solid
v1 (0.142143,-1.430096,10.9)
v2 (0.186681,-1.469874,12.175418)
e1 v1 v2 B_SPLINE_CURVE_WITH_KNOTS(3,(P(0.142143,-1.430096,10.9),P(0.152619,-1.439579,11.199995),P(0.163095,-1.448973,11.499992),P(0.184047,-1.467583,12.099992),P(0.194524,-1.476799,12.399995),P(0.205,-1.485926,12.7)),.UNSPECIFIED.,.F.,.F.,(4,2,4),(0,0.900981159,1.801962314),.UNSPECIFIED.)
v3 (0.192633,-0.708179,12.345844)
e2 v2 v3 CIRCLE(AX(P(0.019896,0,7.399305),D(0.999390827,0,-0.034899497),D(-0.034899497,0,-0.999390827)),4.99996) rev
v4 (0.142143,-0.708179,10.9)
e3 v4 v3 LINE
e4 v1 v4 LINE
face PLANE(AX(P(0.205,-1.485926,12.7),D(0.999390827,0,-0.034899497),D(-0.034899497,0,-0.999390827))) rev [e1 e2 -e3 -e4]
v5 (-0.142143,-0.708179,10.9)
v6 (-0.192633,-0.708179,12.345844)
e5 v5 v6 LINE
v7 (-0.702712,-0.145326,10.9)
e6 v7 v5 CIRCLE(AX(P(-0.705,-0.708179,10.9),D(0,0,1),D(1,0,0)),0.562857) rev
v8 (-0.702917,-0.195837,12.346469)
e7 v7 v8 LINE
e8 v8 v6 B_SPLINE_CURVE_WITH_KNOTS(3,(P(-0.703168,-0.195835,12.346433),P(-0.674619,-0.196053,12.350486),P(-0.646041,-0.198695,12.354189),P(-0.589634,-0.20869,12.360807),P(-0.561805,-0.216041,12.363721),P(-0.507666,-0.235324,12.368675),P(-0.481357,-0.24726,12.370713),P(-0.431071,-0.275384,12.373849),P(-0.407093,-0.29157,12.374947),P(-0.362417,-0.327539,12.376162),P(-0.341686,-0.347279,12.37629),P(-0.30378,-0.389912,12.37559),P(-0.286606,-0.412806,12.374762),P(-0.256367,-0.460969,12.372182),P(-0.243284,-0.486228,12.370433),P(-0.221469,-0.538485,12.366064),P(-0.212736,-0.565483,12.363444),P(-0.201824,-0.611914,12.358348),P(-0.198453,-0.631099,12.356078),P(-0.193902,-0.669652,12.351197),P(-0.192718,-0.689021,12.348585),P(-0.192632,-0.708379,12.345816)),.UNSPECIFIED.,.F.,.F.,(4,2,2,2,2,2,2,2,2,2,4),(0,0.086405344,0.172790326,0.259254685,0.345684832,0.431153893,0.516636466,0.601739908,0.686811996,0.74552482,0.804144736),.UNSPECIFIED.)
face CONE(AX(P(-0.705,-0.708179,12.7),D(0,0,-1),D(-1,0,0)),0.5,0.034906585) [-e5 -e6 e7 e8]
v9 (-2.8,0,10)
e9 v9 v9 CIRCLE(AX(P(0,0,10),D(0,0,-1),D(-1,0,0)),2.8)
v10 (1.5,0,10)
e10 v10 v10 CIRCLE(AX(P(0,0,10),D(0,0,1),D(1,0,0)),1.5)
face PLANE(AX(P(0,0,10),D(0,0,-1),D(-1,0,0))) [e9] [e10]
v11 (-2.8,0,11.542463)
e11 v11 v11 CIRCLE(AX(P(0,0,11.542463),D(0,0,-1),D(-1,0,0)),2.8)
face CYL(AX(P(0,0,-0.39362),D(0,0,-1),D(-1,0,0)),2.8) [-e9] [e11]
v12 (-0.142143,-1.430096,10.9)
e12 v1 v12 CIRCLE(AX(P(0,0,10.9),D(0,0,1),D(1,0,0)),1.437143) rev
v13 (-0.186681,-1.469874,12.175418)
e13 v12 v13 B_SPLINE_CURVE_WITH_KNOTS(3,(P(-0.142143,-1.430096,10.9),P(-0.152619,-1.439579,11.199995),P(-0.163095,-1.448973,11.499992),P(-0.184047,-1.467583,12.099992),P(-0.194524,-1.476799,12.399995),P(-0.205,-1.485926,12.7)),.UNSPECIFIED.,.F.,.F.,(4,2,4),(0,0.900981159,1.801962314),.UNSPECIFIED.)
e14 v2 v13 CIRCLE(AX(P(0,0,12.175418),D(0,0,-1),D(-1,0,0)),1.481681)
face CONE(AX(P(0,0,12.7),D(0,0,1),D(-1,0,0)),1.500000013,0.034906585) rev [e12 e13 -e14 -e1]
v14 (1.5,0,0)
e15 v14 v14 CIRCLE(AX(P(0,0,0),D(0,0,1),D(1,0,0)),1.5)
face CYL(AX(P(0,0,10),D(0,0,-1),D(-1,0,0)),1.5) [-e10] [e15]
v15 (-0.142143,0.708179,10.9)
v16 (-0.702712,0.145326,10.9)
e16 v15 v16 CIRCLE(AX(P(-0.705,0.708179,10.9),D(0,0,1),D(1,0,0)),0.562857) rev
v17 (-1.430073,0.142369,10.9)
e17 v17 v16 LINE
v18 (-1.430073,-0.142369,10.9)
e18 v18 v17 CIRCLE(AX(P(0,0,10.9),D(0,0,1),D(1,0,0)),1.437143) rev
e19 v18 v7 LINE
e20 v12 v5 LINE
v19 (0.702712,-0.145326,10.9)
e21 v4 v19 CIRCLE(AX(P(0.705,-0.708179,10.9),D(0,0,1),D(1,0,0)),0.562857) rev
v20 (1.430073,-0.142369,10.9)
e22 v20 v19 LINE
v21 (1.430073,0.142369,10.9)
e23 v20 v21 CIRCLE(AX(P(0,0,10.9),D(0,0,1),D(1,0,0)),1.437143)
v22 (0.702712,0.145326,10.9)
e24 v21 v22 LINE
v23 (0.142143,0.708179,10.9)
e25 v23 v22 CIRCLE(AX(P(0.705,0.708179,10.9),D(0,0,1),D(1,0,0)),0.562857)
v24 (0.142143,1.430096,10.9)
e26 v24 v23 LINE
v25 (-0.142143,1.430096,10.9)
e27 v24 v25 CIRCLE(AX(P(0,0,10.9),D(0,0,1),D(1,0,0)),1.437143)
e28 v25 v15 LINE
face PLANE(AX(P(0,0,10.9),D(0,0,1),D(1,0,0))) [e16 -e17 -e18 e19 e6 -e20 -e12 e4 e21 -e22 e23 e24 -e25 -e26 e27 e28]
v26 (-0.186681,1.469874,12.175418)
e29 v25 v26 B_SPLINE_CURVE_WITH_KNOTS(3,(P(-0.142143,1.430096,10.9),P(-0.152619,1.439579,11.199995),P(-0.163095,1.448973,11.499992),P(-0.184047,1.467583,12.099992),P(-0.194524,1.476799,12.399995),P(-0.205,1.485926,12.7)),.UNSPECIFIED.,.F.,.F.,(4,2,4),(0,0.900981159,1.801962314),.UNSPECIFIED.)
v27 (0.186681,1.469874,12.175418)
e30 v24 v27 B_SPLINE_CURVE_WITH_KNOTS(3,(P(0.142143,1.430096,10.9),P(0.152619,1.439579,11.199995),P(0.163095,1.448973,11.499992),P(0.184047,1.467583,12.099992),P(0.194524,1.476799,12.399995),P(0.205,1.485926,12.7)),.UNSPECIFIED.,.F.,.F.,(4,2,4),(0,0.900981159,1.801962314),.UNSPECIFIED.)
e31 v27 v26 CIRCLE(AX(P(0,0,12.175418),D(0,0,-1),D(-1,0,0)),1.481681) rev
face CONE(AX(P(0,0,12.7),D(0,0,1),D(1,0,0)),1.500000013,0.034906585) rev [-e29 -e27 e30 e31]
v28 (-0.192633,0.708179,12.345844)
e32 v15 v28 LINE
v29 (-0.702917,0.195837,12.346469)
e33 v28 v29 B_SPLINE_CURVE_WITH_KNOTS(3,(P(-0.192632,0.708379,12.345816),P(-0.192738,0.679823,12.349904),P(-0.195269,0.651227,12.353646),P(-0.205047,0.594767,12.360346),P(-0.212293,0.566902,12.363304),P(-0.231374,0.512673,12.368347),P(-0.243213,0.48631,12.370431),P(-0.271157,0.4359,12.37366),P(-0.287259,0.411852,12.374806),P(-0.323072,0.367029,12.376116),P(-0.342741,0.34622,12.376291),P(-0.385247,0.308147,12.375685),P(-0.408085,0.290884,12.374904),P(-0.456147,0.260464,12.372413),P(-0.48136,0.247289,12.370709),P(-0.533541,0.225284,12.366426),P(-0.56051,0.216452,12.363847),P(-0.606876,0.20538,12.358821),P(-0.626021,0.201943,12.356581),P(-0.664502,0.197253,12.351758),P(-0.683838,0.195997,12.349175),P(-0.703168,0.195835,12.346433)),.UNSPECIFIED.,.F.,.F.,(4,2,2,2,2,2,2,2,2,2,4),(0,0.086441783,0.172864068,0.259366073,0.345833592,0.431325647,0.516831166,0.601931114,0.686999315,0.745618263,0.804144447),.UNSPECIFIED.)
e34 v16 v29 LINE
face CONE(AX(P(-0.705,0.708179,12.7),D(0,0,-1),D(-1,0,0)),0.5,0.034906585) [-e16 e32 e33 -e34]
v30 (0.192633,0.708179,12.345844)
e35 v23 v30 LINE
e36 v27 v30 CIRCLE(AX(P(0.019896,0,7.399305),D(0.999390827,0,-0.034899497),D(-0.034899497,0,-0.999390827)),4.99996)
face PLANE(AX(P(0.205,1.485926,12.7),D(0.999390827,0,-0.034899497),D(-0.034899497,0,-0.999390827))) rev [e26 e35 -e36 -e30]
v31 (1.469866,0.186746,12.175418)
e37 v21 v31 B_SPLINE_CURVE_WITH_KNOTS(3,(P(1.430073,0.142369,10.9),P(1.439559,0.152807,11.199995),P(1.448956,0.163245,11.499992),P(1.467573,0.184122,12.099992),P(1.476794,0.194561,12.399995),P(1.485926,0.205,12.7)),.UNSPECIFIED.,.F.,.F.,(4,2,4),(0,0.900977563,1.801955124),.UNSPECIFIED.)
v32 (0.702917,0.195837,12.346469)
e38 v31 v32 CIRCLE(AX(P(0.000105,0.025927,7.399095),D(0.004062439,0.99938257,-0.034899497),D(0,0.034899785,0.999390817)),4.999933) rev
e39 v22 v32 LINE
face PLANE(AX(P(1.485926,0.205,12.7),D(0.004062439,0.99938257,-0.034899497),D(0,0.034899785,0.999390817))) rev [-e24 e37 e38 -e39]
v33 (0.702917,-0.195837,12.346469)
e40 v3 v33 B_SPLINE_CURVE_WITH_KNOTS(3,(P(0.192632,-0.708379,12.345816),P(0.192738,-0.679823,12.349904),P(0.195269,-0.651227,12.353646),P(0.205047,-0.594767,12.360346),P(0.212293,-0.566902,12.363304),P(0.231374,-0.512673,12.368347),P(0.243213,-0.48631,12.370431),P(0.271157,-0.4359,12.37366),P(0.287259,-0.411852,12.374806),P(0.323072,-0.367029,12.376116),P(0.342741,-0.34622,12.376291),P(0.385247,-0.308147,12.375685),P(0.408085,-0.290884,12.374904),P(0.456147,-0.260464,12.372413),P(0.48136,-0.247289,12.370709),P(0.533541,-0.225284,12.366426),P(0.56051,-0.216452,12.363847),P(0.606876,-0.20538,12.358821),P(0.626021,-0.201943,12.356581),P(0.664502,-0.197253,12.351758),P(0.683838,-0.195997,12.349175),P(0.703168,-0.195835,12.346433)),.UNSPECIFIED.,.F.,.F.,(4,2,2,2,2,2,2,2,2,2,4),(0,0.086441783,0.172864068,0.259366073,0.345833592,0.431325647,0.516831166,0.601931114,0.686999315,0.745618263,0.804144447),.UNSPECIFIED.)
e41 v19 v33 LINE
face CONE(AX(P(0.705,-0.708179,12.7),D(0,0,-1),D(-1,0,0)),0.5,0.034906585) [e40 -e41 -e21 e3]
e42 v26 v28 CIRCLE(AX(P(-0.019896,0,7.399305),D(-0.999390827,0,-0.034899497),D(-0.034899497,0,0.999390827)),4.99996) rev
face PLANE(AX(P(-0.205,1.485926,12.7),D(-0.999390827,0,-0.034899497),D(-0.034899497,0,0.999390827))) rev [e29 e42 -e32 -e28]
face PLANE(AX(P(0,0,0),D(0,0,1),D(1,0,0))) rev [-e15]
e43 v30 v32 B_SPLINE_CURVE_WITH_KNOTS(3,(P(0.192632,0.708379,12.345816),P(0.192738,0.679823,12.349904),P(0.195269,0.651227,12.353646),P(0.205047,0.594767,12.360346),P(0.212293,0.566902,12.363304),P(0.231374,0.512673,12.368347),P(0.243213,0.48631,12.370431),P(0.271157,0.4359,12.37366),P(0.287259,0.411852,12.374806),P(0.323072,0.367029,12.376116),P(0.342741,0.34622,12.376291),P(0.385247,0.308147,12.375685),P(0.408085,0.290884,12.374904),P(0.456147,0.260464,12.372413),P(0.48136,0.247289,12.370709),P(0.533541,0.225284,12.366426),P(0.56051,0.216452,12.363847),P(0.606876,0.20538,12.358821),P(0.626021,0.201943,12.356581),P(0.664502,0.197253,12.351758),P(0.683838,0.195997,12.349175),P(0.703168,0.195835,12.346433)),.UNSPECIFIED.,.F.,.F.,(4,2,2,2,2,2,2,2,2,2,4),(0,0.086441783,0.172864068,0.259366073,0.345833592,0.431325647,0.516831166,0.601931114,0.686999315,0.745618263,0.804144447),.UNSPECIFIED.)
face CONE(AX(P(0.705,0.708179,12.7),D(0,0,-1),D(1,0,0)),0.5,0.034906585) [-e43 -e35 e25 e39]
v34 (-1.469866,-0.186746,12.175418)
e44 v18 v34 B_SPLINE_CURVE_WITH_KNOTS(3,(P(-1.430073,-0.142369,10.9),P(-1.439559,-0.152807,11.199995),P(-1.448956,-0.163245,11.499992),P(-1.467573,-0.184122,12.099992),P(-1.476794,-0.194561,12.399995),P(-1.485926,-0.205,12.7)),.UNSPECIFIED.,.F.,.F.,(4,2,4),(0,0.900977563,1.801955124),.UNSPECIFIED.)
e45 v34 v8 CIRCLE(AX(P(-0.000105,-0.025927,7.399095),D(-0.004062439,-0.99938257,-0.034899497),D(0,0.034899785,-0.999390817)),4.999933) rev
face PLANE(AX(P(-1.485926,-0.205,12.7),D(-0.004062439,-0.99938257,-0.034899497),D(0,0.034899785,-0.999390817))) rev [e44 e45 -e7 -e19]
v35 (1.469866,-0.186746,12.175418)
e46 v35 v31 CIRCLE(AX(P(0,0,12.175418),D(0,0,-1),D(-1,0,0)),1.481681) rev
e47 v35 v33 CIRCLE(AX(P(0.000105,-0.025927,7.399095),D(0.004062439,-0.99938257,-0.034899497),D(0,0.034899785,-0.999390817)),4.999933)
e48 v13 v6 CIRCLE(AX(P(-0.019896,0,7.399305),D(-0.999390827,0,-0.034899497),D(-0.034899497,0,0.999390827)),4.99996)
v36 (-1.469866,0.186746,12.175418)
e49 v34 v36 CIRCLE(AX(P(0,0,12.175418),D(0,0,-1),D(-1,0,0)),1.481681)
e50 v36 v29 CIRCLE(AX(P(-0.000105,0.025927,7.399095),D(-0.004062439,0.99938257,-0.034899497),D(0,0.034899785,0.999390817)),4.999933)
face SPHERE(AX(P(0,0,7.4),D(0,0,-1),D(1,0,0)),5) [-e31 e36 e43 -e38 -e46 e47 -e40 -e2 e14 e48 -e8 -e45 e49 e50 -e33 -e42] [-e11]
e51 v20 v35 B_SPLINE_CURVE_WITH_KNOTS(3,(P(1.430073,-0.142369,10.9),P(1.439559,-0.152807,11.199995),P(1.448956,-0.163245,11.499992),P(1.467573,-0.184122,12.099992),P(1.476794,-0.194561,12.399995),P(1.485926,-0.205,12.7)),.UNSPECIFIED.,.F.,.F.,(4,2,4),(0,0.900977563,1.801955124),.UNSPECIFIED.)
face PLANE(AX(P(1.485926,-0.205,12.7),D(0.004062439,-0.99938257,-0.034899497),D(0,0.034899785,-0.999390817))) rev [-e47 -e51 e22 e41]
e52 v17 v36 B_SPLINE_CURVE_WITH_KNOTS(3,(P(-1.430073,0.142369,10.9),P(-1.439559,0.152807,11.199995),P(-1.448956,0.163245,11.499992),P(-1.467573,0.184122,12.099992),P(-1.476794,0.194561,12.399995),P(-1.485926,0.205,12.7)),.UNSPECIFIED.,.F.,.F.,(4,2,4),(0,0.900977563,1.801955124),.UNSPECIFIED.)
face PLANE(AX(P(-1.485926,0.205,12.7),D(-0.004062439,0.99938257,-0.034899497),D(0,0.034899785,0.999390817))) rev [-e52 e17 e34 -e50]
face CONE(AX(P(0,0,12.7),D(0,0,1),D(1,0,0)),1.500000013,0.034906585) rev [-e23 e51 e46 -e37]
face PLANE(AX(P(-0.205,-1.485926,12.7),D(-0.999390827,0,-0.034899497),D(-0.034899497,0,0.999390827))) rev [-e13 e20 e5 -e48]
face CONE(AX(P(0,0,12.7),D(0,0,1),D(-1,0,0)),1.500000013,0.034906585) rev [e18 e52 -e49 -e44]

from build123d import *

# Parameters (mm, degrees)
SKETCH1_R          = 1.5
BASE_EXTRUDE_DEPTH = 10
CUT_EXTRUDE1_DEPTH = 1.799999969
CUT_EXTRUDE1_TAPER = 2


with BuildPart() as part:
    # Sketch1 → Base-Extrude (new body)
    with BuildSketch(Plane.XY):
        Circle(SKETCH1_R)
    extrude(amount=BASE_EXTRUDE_DEPTH)

    # Sketch6 → Boss-Revolve2 (revolve)
    with BuildSketch(Plane(origin=(0, 0, 0), x_dir=(1, 0, 0), z_dir=(0, 1, 0))):
        with BuildLine():
            Line((0, -10), (2.7999999, -10))
            Line((2.7999999, -10), (2.7999999, -11.54246308))
            ThreePointArc((2.7999999, -11.54246308), (1.46418655, -12.180811406), (0, -12.4))
            Line((0, -12.4), (0, -10))
        make_face()
    revolve(axis=Axis((0, 0, -0.393620135), (0, 0, 1)))

    # Sketch7 → Cut-Extrude1 (cut)
    with BuildSketch(Plane(origin=(0, 0, 12.7000001), x_dir=(-1, 0, 0), z_dir=(0, 0, -1))):
        with BuildLine():
            ThreePointArc((0.205000004, 1.48592565), (0, 1.500000013), (-0.205000004, 1.48592565))
            Line((-0.205000004, 1.48592565), (-0.205000004, 0.708178558))
            ThreePointArc((-0.205000004, 0.708178558), (-0.35072876, 0.355344481), (-0.702967546, 0.208182689))
            Line((-0.702967546, 0.208182689), (-1.48592565, 0.205000004))
            ThreePointArc((-1.48592565, 0.205000004), (-1.500000013, 0), (-1.48592565, -0.205000004))
            Line((-1.48592565, -0.205000004), (-0.702967546, -0.208182689))
            ThreePointArc((-0.702967546, -0.208182689), (-0.35072876, -0.355344481), (-0.205000004, -0.708178558))
            Line((-0.205000004, -0.708178558), (-0.205000004, -1.48592565))
            ThreePointArc((-0.205000004, -1.48592565), (0, -1.500000013), (0.205000004, -1.48592565))
            Line((0.205000004, -1.48592565), (0.205000004, -0.708178558))
            ThreePointArc((0.205000004, -0.708178558), (0.35072876, -0.355344481), (0.702967546, -0.208182689))
            Line((0.702967546, -0.208182689), (1.48592565, -0.205000004))
            ThreePointArc((1.48592565, -0.205000004), (1.500000013, 0), (1.48592565, 0.205000004))
            Line((1.48592565, 0.205000004), (0.702967546, 0.208182689))
            ThreePointArc((0.702967546, 0.208182689), (0.35072876, 0.355344481), (0.205000004, 0.708178558))
            Line((0.205000004, 0.708178558), (0.205000004, 1.48592565))
        make_face()
    extrude(amount=CUT_EXTRUDE1_DEPTH, taper=CUT_EXTRUDE1_TAPER, mode=Mode.SUBTRACT)


solid = part.part
